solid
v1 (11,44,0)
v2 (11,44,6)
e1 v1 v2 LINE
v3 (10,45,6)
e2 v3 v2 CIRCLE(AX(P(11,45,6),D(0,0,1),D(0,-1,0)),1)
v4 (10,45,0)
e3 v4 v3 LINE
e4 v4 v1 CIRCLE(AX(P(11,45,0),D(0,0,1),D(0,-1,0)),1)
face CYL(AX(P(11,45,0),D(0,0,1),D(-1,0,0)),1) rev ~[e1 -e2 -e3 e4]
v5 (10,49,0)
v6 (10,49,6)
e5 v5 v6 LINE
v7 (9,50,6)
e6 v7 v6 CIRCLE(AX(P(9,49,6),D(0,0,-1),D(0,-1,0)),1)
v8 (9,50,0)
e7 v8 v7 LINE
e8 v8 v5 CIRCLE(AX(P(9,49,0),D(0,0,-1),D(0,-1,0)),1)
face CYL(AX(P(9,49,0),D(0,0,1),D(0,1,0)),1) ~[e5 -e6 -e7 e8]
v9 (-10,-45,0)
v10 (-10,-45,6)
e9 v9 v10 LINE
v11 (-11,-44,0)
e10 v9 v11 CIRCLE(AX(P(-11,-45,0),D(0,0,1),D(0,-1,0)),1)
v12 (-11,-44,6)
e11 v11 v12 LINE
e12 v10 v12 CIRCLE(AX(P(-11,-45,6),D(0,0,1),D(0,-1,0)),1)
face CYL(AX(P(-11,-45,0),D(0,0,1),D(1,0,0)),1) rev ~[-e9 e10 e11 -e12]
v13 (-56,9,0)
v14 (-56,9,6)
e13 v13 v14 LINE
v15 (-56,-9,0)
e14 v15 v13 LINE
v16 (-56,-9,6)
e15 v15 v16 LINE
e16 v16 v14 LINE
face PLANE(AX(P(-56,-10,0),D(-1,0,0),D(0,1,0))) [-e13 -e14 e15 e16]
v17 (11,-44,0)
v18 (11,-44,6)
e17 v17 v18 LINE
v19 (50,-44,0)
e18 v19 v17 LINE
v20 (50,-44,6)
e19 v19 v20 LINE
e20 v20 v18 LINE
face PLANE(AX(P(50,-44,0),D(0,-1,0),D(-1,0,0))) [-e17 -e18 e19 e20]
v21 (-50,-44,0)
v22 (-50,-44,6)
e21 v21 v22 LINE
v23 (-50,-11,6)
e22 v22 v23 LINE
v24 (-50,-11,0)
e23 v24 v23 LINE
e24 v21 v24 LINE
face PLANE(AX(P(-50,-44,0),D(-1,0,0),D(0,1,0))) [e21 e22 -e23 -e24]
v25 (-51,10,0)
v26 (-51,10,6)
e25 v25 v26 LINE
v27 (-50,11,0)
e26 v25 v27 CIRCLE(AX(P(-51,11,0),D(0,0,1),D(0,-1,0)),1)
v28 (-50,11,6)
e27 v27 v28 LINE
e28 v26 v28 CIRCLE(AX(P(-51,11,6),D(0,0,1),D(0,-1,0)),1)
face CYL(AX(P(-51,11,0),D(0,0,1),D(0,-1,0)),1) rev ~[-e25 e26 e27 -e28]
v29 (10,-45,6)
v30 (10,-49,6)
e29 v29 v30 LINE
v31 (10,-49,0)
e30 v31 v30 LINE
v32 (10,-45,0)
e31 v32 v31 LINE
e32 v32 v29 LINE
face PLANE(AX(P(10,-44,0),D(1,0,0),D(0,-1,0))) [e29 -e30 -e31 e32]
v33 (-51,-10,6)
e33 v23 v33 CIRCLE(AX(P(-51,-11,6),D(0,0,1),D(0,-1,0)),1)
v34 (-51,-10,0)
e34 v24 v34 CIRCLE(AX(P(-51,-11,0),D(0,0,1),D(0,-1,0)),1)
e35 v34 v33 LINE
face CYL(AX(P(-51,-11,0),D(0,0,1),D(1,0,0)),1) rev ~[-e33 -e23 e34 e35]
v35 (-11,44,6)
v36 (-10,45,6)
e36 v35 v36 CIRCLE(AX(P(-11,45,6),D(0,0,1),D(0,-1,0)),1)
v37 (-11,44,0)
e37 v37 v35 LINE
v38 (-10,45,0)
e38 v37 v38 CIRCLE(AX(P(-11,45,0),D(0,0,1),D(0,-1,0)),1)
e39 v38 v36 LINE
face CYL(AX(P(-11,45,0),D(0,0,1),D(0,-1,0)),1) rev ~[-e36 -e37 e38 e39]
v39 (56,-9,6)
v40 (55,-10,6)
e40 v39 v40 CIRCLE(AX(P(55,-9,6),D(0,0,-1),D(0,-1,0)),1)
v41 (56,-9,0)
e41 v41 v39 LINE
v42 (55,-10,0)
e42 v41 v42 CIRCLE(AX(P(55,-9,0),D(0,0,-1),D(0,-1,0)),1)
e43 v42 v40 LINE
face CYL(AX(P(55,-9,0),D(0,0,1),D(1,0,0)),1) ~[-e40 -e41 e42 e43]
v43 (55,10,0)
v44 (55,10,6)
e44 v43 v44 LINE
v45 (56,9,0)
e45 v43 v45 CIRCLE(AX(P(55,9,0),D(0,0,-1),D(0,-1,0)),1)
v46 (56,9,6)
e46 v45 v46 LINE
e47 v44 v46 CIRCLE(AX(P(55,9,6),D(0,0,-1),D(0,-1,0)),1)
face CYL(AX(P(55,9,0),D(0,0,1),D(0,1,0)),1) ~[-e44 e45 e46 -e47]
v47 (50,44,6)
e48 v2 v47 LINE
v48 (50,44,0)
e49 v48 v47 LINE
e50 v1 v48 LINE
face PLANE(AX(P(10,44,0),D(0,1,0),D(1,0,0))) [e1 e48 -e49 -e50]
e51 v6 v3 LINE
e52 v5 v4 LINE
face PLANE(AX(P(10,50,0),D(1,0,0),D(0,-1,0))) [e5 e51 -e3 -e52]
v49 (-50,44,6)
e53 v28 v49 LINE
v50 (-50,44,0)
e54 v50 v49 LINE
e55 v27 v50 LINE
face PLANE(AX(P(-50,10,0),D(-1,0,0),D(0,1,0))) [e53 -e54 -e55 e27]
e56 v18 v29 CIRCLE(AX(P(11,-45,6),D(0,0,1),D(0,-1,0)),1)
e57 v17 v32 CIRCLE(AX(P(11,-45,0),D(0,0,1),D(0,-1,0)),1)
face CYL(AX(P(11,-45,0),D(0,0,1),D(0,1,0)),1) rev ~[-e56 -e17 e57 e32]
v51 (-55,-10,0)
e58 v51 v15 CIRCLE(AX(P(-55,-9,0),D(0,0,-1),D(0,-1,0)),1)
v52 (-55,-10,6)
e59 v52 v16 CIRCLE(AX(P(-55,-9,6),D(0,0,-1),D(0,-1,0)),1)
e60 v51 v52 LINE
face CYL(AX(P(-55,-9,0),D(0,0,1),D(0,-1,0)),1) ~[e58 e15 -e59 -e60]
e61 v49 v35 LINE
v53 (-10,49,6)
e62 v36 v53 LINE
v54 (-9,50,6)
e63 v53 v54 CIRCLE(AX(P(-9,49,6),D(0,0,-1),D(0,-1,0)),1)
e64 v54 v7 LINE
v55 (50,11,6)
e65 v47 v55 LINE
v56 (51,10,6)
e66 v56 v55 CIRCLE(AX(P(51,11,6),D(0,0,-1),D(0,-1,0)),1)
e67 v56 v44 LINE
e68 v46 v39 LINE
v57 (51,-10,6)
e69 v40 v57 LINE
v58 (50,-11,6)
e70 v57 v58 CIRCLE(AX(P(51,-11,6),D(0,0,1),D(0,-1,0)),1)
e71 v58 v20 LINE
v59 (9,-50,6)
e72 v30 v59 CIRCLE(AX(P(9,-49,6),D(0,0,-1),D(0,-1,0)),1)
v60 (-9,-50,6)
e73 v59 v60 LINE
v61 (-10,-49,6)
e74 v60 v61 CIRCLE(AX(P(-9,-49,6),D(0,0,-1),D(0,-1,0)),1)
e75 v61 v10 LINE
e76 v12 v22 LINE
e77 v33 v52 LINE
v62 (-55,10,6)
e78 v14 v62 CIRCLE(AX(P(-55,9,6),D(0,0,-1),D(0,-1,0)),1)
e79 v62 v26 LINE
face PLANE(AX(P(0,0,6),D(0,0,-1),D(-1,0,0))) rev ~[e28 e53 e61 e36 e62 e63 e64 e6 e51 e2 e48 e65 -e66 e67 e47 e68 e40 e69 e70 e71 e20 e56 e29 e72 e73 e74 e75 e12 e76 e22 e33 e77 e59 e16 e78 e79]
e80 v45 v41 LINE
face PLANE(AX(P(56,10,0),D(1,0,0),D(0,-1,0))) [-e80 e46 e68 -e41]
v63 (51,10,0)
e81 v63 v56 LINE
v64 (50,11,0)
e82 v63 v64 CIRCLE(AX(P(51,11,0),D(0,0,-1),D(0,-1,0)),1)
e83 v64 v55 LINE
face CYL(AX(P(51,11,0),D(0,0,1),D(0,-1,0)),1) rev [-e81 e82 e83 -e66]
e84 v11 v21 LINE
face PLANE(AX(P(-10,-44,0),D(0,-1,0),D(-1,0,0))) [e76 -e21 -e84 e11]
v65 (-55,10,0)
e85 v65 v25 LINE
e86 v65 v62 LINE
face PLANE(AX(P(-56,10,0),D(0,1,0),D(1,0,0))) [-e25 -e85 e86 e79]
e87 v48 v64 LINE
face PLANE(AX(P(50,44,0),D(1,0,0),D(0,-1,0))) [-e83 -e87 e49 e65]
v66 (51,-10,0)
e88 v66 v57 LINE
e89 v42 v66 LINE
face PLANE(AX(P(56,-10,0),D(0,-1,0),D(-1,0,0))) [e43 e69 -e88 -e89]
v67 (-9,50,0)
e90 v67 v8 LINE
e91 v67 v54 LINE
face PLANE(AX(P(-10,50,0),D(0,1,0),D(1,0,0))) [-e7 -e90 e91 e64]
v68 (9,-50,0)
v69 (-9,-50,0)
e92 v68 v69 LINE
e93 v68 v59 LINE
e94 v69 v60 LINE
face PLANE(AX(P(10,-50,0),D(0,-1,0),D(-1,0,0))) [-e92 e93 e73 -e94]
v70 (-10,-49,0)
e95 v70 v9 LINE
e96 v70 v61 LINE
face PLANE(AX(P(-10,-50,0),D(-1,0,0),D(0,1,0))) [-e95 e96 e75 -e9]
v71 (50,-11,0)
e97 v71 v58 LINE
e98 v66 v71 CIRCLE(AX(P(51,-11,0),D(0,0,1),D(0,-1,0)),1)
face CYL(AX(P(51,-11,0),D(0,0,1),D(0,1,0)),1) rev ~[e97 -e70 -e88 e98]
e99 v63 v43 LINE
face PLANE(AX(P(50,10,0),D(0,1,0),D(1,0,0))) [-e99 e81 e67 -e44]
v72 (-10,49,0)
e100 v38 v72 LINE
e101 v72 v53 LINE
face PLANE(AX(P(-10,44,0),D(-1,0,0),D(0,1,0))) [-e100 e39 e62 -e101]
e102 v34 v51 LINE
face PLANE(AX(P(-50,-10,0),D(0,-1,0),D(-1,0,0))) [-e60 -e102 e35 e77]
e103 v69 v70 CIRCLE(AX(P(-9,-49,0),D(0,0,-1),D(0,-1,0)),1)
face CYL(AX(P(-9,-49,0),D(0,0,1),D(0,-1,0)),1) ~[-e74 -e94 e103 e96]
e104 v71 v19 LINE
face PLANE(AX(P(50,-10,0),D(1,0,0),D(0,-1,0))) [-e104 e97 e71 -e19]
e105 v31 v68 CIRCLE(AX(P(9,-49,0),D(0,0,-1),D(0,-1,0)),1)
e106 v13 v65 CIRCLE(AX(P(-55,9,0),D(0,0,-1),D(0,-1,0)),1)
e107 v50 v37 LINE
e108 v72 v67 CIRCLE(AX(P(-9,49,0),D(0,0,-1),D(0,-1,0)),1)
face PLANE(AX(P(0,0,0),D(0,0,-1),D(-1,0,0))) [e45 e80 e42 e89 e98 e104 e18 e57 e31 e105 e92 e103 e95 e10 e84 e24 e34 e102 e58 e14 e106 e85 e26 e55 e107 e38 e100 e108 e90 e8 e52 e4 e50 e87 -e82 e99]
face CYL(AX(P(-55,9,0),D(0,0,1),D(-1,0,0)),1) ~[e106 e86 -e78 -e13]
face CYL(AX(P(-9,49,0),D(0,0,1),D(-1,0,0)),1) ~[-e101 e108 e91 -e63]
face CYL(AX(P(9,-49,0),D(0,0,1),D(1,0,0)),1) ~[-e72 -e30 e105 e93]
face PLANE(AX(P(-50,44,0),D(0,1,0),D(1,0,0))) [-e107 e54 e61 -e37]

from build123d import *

# Parameters (mm, degrees)
BOSS_EXTRUDE1_DEPTH = 6
FILLET1_R           = 1


with BuildPart() as part:
    # Sketch1 → Boss-Extrude1 (new body)
    with BuildSketch(Plane.XY):
        Polygon((50, 10), (56, 10), (56, -10), (50, -10), (50, -44), (10, -44), (10, -50), (-10, -50), (-10, -44), (-50, -44), (-50, -10), (-56, -10), (-56, 10), (-50, 10), (-50, 44), (-10, 44), (-10, 50), (10, 50), (10, 44), (50, 44), align=None)
    extrude(amount=BOSS_EXTRUDE1_DEPTH)

    # Fillet1
    fillet1_edges = [part.edges().sort_by_distance(p)[0] for p in [
        (10, -44, 3),
        (10, -50, 3),
        (-10, -50, 3),
        (-10, -44, 3),
        (-50, -10, 3),
        (-56, -10, 3),
        (-56, 10, 3),
        (-50, 10, 3),
        (-10, 44, 3),
        (-10, 50, 3),
        (10, 50, 3),
        (10, 44, 3),
        (50, 10, 3),
        (56, 10, 3),
        (56, -10, 3),
        (50, -10, 3),
    ]]
    fillet(fillet1_edges, radius=FILLET1_R)


solid = part.part
